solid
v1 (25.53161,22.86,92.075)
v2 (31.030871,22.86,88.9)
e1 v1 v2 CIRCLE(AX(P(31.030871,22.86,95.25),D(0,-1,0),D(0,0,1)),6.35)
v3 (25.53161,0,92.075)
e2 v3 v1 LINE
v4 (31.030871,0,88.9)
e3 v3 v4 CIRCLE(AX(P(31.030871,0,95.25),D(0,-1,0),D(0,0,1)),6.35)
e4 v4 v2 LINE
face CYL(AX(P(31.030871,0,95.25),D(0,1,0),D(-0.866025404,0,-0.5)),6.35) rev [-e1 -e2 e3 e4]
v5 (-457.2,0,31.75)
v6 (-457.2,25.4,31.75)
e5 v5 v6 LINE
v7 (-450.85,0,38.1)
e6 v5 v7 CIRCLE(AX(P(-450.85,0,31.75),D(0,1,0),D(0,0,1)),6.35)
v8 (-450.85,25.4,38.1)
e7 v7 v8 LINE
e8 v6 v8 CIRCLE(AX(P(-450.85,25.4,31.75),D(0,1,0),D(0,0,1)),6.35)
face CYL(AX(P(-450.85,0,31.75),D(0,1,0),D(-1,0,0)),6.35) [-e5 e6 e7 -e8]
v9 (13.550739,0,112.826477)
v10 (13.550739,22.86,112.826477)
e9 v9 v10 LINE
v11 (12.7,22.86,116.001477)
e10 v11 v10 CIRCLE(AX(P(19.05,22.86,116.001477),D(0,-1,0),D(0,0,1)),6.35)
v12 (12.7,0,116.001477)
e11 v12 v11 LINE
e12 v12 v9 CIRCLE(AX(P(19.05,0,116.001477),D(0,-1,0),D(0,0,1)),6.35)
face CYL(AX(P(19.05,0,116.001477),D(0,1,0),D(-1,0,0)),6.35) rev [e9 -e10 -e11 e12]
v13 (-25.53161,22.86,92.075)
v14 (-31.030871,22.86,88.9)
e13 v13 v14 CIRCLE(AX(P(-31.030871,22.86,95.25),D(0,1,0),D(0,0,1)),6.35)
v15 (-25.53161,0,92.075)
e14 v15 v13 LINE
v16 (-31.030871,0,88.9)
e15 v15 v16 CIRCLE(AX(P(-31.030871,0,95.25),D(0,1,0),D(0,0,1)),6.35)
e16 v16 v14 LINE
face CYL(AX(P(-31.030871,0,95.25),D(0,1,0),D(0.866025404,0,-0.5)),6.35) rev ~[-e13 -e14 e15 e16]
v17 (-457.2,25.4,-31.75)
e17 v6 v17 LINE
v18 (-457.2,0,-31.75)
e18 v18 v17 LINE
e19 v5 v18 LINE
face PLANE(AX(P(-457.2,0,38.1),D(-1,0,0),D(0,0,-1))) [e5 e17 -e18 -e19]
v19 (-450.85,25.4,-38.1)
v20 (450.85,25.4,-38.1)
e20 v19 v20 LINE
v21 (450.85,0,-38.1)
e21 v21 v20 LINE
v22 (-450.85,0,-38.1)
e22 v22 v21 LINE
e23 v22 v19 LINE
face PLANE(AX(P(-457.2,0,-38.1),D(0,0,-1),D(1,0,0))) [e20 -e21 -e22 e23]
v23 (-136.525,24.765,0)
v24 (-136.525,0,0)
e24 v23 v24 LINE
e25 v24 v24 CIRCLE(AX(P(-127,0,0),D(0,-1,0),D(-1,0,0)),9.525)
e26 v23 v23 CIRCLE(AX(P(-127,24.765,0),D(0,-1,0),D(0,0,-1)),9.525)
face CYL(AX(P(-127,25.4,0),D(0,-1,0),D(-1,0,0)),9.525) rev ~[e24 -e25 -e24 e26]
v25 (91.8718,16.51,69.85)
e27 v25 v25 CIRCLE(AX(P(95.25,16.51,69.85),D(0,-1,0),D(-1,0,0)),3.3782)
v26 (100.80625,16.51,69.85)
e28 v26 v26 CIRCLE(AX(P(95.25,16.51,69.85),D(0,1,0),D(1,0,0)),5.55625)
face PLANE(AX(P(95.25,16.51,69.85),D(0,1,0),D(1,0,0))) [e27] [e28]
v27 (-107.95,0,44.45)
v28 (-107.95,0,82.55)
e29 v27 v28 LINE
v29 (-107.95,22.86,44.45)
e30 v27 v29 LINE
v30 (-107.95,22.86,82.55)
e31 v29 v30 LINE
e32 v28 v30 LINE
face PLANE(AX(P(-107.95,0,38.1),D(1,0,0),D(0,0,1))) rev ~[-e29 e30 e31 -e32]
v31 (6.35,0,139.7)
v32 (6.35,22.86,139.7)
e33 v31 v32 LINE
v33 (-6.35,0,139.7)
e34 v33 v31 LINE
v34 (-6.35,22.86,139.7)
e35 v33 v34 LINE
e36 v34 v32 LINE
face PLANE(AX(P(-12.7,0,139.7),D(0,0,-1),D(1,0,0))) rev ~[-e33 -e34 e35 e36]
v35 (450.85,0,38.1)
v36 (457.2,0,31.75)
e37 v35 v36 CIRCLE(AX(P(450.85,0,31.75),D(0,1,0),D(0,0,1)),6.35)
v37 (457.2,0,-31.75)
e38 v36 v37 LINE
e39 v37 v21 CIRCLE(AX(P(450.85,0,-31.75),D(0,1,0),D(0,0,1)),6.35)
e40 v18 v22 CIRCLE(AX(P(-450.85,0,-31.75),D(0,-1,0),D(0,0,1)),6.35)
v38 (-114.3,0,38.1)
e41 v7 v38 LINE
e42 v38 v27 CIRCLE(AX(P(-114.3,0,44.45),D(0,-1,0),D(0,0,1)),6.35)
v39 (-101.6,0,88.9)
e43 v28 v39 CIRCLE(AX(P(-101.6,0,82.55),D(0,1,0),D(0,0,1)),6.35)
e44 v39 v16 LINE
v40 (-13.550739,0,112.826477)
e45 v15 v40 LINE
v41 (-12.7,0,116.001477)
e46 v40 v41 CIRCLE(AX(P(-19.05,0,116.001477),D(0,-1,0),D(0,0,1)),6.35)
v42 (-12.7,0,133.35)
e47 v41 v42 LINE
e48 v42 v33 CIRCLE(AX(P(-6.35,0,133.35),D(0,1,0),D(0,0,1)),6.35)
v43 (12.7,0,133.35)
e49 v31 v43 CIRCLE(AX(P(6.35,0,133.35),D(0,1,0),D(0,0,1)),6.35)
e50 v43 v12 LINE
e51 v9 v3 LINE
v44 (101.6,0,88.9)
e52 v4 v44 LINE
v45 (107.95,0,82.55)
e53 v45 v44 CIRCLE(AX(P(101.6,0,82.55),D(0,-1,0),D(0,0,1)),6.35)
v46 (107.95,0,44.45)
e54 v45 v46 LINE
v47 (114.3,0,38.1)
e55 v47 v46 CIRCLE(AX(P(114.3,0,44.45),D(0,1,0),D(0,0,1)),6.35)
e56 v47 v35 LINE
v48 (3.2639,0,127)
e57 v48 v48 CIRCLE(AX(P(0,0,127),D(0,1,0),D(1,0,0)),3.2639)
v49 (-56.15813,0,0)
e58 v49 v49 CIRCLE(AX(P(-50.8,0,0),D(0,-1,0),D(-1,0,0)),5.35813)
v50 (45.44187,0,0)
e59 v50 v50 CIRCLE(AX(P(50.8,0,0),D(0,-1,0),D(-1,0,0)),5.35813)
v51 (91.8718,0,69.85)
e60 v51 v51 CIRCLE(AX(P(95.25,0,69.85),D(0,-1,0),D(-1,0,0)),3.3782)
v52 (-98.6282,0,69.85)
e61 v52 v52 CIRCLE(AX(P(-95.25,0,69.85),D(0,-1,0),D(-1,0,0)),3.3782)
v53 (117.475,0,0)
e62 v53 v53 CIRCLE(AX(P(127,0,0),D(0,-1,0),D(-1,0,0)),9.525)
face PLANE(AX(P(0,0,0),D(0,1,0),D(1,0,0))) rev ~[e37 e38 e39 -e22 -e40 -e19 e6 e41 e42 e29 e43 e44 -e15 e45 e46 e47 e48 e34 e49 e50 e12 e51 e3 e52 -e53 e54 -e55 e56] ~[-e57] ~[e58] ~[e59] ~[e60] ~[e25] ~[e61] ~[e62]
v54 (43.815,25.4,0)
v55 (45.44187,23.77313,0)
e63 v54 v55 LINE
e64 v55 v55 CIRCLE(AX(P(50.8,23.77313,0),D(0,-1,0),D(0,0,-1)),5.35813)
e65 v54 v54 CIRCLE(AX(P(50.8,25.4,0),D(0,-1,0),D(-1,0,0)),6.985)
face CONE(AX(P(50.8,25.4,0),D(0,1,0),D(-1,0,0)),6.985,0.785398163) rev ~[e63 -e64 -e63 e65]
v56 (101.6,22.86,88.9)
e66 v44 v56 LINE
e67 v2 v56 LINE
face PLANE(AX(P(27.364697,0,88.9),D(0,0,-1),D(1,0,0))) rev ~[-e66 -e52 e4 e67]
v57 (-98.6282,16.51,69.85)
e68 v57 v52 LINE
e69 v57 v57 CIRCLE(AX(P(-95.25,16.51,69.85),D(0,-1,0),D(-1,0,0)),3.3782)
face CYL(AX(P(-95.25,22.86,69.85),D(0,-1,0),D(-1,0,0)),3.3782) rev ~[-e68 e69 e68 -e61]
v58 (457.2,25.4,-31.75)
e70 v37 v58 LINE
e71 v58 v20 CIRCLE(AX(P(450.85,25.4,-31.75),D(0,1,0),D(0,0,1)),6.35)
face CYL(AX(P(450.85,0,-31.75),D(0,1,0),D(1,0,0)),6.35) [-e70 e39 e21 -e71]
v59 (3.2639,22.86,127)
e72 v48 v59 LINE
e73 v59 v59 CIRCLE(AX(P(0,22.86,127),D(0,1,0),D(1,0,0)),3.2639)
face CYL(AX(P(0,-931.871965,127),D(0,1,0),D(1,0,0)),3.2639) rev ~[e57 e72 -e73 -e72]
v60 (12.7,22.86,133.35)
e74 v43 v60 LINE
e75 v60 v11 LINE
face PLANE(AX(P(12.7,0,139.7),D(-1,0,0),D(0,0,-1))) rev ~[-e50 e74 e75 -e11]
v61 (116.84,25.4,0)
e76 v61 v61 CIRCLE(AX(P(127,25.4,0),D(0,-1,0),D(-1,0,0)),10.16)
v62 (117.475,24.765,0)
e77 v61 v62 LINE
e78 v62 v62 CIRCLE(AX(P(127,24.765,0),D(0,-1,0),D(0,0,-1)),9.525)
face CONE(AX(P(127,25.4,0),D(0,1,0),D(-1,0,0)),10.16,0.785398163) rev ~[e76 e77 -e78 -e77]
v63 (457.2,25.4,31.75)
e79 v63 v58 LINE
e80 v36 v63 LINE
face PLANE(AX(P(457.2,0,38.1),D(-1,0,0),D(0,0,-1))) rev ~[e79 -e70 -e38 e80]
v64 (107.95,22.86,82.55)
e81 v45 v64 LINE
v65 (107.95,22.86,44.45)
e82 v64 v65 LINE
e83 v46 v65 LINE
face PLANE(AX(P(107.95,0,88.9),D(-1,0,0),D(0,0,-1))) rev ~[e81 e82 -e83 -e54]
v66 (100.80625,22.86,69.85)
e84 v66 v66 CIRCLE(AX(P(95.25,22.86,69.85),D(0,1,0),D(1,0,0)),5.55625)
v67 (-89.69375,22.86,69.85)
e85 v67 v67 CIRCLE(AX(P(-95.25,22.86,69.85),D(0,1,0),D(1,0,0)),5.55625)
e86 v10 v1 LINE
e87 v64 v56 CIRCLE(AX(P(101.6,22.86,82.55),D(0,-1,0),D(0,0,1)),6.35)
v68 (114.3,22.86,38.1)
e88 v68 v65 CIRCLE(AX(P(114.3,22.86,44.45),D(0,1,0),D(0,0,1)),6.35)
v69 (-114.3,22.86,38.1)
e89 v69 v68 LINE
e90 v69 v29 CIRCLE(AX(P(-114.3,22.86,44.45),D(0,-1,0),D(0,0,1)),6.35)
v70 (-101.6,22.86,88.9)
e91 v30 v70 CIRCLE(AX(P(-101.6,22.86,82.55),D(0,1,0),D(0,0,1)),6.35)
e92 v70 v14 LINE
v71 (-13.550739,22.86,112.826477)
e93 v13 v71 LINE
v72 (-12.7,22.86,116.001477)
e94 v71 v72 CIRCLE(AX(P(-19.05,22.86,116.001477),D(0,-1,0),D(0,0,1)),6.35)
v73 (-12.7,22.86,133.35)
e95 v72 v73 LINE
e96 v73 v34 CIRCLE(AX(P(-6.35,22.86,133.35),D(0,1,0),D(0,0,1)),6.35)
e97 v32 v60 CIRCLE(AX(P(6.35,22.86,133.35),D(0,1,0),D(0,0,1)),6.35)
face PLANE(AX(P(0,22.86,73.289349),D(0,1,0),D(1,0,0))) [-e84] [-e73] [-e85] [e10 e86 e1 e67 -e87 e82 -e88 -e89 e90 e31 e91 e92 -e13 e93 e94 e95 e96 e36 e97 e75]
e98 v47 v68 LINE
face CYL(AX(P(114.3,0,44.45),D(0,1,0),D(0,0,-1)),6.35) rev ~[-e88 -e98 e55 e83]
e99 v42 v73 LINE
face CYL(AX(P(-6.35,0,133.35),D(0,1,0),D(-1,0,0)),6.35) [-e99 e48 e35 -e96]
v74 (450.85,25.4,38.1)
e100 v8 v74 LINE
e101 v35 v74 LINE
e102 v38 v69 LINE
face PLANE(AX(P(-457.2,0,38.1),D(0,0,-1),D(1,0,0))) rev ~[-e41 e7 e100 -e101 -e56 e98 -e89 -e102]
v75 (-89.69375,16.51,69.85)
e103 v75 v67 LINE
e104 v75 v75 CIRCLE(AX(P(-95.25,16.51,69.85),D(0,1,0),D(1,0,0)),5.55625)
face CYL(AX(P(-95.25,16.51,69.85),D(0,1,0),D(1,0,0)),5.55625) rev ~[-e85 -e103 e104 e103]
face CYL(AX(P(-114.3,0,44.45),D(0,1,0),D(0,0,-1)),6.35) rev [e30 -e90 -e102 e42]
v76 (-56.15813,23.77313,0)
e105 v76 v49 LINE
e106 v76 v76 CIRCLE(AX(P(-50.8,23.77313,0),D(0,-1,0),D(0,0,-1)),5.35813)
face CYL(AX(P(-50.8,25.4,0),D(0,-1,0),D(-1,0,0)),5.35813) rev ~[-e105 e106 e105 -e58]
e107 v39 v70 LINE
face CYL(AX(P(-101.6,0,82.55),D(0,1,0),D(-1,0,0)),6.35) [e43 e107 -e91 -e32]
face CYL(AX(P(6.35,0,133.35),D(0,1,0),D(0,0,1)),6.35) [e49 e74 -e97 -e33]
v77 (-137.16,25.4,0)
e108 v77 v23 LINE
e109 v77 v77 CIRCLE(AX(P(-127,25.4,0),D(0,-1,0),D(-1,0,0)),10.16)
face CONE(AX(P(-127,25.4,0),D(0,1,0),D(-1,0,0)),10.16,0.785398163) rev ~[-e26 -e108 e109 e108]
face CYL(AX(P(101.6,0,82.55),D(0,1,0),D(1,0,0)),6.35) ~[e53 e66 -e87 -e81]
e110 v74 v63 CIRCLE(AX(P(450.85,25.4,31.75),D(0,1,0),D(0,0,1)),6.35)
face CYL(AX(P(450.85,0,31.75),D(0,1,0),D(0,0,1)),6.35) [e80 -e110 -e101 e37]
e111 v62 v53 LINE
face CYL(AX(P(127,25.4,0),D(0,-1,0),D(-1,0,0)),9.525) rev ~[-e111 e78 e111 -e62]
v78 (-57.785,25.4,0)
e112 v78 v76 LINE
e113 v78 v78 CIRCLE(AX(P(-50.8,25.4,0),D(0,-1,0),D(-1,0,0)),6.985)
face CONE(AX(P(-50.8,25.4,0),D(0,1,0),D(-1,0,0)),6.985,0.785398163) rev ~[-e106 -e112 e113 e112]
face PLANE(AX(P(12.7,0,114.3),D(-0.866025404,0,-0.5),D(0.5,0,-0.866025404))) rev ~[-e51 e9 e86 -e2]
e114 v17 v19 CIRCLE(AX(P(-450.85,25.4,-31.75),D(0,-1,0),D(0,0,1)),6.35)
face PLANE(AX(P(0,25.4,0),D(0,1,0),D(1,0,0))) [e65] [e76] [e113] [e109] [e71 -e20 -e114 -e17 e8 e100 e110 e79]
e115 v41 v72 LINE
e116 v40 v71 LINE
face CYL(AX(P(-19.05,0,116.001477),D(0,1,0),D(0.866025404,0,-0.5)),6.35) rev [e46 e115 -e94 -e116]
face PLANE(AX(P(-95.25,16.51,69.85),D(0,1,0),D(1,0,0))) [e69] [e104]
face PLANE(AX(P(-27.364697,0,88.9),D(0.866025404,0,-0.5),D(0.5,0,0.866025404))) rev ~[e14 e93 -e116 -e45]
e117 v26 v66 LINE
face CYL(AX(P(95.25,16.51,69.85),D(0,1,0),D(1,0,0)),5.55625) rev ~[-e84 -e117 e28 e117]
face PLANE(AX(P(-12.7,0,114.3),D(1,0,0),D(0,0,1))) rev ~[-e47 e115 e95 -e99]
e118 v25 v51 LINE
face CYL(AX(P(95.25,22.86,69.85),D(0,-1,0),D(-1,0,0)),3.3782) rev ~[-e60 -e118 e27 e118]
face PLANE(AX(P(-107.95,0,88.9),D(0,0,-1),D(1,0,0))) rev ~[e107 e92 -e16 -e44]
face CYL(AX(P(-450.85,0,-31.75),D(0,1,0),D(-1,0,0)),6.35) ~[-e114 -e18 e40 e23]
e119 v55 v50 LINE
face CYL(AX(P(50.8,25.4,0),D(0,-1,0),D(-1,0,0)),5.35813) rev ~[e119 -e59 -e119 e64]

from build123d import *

# Parameters (mm, degrees)
SKETCH1_W                                        = 914.4
SKETCH1_H                                        = 76.2
BOSS_EXTRUDE1_DEPTH                              = 25.4
FILLET1_R                                        = 6.35
F_3_4_0_7500_DOWEL_HOLE1_D                       = 19.05
F_3_4_0_7500_DOWEL_HOLE1_CSINK_D                 = 20.32
F_3_4_0_7500_DOWEL_HOLE1_CSINK_ANGLE             = 90
BOSS_EXTRUDE2_DEPTH                              = 22.86
FILLET2_R                                        = 6.35
F_5_16_18_TAPPED_HOLE1_D                         = 6.5278
F_1_2_13_TAPPED_HOLE1_D                          = 10.71626
F_1_2_13_TAPPED_HOLE1_CSINK_D                    = 13.97
F_1_2_13_TAPPED_HOLE1_CSINK_ANGLE                = 90
CBORE_FOR_1_4_SOCKET_HEAD_CAP_SCREW1_D           = 6.7564
CBORE_FOR_1_4_SOCKET_HEAD_CAP_SCREW1_CBORE_D     = 11.1125
CBORE_FOR_1_4_SOCKET_HEAD_CAP_SCREW1_CBORE_DEPTH = 6.35


with BuildPart() as part:
    # Sketch1 → Boss-Extrude1 (new body)
    with BuildSketch(Plane(origin=(0, 0, 0), x_dir=(1, 0, 0), z_dir=(0, 1, 0))):
        Rectangle(SKETCH1_W, SKETCH1_H)
    extrude(amount=BOSS_EXTRUDE1_DEPTH)

    # Fillet1
    fillet1_edges = [part.edges().sort_by_distance(p)[0] for p in [
        (457.2, 12.7, 38.1),
        (-457.2, 12.7, 38.1),
        (-457.2, 12.7, -38.1),
        (457.2, 12.7, -38.1),
    ]]
    fillet(fillet1_edges, radius=FILLET1_R)

    # 3/4 (0.7500) Dowel Hole1 (through all)
    with Locations(Plane(origin=(0, 25.4, 0), x_dir=(1, 0, 0), z_dir=(0, 1, 0))):
        with Locations((-127, 0), (127, 0)):
            CounterSinkHole(F_3_4_0_7500_DOWEL_HOLE1_D / 2, F_3_4_0_7500_DOWEL_HOLE1_CSINK_D / 2, counter_sink_angle=F_3_4_0_7500_DOWEL_HOLE1_CSINK_ANGLE)

    # Sketch7 → Boss-Extrude2 (add)
    with BuildSketch(Plane(origin=(0, 0, 0), x_dir=(1, 0, 0), z_dir=(0, 1, 0))):
        Polygon((-27.364696837, -88.9), (-12.7, -114.3), (-12.7, -139.7), (12.7, -139.7), (12.7, -114.3), (27.364696837, -88.9), (107.95, -88.9), (107.95, -38.1), (-107.95, -38.1), (-107.95, -88.9), align=None)
    extrude(amount=BOSS_EXTRUDE2_DEPTH)

    # Fillet2
    fillet2_edges = [part.edges().sort_by_distance(p)[0] for p in [
        (107.95, 11.43, 88.9),
        (107.95, 11.43, 38.1),
        (-107.95, 11.43, 38.1),
        (-107.95, 11.43, 88.9),
        (-27.364696837, 11.43, 88.9),
        (-12.7, 11.43, 114.3),
        (-12.7, 11.43, 139.7),
        (12.7, 11.43, 139.7),
        (12.7, 11.43, 114.3),
        (27.364696837, 11.43, 88.9),
    ]]
    fillet(fillet2_edges, radius=FILLET2_R)

    # 5/16-18 Tapped Hole1 (through all)
    with Locations(Plane(origin=(0, 0, 0), x_dir=(-1, 0, 0), z_dir=(0, -1, 0))):
        with Locations((0, -127)):
            Hole(F_5_16_18_TAPPED_HOLE1_D / 2)

    # 1/2-13 Tapped Hole1 (through all)
    with Locations(Plane(origin=(0, 25.4, 0), x_dir=(1, 0, 0), z_dir=(0, 1, 0))):
        with Locations((-50.8, 0), (50.8, 0)):
            CounterSinkHole(F_1_2_13_TAPPED_HOLE1_D / 2, F_1_2_13_TAPPED_HOLE1_CSINK_D / 2, counter_sink_angle=F_1_2_13_TAPPED_HOLE1_CSINK_ANGLE)

    # CBORE for 1/4 Socket Head Cap Screw1 (through all)
    with Locations(Plane(origin=(0, 22.86, 0), x_dir=(1, 0, 0), z_dir=(0, 1, 0))):
        with Locations((-95.25, -69.85), (95.25, -69.85)):
            CounterBoreHole(CBORE_FOR_1_4_SOCKET_HEAD_CAP_SCREW1_D / 2, CBORE_FOR_1_4_SOCKET_HEAD_CAP_SCREW1_CBORE_D / 2, CBORE_FOR_1_4_SOCKET_HEAD_CAP_SCREW1_CBORE_DEPTH)


solid = part.part
